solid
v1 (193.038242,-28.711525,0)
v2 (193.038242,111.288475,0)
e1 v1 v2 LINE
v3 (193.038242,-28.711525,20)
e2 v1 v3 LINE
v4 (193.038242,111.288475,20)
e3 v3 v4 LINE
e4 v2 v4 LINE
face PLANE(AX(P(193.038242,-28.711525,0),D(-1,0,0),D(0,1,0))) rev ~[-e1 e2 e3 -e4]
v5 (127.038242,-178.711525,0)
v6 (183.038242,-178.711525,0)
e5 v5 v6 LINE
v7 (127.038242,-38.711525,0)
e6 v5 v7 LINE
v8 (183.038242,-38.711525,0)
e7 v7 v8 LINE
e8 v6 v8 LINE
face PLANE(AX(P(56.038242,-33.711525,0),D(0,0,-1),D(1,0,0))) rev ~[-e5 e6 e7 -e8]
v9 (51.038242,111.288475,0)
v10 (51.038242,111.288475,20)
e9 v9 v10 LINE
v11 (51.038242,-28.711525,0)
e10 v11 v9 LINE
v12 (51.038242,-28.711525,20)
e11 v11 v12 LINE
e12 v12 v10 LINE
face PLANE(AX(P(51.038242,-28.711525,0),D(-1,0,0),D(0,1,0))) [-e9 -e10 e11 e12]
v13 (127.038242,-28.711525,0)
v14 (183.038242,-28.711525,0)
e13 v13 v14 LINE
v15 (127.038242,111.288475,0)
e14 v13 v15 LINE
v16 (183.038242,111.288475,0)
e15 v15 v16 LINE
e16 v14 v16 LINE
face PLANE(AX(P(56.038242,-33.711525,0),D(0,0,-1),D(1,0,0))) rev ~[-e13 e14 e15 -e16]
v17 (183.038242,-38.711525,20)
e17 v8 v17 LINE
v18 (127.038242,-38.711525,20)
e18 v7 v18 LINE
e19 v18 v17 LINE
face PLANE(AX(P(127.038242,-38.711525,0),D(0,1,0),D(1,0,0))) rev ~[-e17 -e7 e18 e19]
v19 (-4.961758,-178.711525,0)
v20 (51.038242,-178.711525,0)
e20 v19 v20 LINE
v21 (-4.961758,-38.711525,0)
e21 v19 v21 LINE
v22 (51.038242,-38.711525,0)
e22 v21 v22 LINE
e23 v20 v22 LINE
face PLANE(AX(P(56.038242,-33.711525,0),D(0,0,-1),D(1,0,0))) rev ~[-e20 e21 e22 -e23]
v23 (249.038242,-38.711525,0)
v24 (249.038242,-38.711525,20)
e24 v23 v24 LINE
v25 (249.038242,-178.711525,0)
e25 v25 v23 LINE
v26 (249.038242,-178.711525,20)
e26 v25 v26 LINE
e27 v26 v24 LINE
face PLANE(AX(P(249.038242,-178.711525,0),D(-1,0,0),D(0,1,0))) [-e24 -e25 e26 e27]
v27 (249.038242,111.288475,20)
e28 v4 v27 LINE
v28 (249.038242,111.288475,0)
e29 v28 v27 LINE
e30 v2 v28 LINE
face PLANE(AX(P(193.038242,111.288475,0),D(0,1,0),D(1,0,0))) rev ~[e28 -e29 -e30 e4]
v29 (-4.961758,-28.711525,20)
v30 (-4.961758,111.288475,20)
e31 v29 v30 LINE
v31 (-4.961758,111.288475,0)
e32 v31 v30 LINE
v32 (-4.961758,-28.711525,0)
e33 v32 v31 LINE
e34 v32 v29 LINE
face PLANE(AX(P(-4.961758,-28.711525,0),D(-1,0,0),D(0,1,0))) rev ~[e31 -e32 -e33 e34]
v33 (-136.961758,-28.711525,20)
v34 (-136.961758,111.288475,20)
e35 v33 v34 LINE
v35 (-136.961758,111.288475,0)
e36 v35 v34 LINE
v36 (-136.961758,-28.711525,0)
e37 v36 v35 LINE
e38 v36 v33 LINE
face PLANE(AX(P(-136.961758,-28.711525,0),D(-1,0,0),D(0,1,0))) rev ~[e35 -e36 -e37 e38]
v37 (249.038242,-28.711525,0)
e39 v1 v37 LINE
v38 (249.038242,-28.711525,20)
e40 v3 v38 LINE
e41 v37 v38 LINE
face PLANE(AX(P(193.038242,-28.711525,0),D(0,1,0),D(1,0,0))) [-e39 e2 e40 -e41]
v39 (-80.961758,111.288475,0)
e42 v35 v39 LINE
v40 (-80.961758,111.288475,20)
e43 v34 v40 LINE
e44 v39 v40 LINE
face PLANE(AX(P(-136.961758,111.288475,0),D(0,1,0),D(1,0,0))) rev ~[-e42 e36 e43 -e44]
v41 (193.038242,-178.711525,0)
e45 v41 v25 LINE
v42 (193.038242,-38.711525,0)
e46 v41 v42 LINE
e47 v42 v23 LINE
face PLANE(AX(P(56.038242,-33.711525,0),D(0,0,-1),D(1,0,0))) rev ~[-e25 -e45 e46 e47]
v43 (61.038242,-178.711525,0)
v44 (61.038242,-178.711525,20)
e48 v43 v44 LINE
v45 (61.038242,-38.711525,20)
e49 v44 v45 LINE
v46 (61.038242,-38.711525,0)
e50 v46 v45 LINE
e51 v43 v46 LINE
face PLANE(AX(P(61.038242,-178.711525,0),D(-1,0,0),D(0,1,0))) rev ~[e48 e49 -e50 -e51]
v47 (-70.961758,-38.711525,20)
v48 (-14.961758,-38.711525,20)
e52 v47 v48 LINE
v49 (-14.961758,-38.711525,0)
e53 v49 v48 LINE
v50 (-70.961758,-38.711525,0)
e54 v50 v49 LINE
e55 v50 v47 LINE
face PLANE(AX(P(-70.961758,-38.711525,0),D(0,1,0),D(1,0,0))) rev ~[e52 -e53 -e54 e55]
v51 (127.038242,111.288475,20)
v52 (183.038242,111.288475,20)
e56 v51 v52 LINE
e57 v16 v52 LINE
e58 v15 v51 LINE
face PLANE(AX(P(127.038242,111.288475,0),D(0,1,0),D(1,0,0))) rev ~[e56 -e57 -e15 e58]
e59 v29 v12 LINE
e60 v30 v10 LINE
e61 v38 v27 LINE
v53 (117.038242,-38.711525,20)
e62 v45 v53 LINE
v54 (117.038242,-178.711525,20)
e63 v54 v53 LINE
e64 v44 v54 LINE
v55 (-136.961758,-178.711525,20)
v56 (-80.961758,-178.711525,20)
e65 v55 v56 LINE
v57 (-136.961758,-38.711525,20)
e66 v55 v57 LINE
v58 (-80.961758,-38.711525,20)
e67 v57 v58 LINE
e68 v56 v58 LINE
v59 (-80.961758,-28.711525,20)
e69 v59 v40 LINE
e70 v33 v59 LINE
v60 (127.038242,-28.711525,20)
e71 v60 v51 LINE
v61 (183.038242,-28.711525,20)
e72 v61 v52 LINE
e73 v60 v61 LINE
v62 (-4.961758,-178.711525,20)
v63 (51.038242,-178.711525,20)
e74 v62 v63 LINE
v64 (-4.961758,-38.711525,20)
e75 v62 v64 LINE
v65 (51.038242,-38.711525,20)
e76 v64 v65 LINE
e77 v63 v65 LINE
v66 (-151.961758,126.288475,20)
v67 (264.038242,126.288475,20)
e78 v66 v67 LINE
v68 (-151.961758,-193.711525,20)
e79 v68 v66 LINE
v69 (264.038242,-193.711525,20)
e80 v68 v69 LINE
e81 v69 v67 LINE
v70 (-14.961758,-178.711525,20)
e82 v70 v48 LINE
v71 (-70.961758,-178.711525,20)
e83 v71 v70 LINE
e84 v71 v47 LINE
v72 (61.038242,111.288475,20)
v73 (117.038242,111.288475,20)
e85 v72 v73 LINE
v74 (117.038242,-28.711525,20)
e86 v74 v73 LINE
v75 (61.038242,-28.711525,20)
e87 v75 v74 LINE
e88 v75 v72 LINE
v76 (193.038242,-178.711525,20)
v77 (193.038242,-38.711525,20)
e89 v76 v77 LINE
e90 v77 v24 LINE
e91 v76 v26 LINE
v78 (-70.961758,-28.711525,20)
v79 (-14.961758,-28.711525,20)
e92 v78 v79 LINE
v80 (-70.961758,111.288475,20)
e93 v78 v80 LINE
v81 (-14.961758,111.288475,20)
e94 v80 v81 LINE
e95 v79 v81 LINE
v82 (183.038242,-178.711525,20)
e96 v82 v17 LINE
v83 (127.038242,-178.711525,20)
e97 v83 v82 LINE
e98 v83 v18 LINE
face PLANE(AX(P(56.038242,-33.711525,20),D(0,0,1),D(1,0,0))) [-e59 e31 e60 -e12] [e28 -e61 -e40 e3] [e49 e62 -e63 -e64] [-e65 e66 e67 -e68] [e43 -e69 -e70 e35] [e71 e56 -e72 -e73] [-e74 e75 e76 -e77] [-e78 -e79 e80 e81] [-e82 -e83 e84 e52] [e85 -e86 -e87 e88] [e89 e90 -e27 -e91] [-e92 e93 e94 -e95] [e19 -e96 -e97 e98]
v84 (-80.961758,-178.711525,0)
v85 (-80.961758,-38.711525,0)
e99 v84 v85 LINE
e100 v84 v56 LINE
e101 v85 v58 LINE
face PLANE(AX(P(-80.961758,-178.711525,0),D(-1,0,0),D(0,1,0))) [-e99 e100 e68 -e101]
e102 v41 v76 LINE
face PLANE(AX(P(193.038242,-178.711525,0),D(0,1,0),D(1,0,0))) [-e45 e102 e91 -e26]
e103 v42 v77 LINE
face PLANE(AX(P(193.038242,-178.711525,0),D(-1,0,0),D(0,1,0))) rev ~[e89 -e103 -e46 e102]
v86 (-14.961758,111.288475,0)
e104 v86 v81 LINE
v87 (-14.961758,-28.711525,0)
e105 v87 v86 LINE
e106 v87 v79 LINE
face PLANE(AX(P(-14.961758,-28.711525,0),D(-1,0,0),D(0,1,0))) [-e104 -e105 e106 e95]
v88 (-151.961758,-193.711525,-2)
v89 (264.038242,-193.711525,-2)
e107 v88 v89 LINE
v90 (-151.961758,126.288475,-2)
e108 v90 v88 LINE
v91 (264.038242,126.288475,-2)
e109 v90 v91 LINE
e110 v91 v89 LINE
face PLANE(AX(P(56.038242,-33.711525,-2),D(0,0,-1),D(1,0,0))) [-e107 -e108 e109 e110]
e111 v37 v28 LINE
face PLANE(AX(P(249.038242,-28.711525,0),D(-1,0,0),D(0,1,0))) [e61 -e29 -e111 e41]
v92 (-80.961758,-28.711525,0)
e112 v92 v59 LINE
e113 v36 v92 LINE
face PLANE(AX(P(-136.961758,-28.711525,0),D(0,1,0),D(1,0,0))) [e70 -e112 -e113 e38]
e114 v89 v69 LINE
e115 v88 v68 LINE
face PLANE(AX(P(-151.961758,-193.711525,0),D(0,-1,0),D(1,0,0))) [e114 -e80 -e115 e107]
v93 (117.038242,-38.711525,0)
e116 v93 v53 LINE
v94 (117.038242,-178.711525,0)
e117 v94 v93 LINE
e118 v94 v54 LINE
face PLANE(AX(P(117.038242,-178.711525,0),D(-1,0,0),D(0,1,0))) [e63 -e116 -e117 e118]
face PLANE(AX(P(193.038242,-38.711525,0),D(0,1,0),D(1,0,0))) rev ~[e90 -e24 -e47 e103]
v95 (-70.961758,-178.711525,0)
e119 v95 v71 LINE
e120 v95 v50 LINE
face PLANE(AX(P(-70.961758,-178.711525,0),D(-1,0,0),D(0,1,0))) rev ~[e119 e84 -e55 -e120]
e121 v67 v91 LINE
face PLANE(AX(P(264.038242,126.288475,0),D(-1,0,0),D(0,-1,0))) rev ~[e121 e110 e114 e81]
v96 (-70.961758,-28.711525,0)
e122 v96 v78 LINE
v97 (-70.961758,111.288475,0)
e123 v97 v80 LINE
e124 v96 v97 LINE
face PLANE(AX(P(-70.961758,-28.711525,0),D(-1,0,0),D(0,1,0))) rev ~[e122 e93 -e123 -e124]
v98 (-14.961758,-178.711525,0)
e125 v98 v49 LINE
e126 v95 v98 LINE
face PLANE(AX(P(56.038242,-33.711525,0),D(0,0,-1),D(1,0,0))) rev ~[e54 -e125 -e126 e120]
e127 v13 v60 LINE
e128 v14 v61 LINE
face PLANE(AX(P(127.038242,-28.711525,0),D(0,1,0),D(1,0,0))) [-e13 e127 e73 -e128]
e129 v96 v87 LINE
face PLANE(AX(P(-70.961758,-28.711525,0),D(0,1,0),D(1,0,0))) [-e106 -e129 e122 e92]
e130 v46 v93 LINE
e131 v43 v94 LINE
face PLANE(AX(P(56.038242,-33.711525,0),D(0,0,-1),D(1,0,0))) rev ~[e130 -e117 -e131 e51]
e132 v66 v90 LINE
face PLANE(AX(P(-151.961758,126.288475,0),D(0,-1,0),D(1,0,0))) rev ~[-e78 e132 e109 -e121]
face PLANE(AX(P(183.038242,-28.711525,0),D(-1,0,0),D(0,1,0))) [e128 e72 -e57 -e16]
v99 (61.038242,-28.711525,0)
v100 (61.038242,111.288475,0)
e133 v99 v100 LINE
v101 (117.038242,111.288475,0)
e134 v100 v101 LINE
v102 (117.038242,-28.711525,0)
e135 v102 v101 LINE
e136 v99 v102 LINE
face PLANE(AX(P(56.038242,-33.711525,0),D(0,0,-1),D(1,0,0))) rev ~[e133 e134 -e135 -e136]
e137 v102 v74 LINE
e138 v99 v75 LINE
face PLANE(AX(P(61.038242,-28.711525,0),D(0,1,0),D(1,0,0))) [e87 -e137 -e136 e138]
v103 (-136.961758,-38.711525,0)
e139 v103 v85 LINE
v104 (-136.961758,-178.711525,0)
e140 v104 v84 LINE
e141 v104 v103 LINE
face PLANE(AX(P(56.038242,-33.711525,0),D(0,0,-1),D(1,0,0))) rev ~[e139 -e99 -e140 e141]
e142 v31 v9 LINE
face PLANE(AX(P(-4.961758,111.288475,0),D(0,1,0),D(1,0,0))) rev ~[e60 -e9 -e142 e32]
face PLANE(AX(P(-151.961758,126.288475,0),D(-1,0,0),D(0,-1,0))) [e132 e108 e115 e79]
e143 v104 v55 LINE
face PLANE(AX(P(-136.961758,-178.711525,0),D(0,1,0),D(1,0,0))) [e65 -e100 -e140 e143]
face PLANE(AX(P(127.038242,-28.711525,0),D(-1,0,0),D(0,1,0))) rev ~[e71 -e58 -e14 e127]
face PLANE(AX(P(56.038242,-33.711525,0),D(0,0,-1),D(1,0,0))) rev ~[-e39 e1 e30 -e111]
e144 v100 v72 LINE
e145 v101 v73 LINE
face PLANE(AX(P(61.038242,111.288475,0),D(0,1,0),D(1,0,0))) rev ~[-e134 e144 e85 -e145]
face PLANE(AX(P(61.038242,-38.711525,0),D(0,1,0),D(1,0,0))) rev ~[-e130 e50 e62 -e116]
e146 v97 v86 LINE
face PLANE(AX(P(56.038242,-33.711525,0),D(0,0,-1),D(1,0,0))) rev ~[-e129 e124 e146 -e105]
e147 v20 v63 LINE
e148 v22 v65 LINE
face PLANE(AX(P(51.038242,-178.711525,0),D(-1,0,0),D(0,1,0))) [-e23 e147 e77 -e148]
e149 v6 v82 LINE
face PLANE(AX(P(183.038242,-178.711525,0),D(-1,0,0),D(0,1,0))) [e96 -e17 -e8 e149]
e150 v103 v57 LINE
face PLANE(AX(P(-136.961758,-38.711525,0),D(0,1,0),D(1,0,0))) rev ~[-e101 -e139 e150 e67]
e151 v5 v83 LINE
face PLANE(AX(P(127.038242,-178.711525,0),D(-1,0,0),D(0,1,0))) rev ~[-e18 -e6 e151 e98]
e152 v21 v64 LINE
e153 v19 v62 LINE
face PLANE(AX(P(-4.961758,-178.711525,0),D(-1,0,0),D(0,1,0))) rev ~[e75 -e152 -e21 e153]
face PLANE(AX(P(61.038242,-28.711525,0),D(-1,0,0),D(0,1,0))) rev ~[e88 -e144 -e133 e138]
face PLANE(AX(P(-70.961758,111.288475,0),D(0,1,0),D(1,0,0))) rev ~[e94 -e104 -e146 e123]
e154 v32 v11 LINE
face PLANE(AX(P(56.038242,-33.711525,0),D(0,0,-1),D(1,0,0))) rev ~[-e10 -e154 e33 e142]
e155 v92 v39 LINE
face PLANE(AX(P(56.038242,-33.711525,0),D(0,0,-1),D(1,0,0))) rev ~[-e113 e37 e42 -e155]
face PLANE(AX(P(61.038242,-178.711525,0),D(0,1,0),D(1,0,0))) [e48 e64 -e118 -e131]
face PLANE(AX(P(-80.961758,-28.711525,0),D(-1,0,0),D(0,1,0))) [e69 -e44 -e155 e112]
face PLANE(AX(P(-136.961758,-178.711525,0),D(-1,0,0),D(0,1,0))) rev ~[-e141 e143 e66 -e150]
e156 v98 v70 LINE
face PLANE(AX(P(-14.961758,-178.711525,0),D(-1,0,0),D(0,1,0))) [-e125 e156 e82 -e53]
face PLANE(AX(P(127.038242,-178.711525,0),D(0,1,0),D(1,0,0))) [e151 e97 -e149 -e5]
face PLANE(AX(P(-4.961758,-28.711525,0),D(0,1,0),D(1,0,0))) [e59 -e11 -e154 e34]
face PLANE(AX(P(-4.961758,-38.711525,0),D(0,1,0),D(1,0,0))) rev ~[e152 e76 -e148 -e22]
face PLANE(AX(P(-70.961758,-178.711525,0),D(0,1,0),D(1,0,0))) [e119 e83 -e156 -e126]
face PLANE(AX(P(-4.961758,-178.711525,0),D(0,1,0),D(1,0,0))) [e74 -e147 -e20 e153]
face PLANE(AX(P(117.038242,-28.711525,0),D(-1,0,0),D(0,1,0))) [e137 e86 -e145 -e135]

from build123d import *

# Parameters (mm, degrees)
F0_W     = 416
F0_H     = 320
F0_W_2   = 56
F0_H_2   = 140
F1_DEPTH = 20
F2_W     = 416
F2_H     = 320
F3_DEPTH = 2


with BuildPart() as f1:
    # F0 (on Top) → F1 (new body)
    with BuildSketch(Plane.XY):
        with Locations((56.038242, -33.711525)):
            Rectangle(F0_W, F0_H)
        with Locations((-108.961758, -108.711525)):
            Rectangle(F0_W_2, F0_H_2, mode=Mode.SUBTRACT)
        with Locations((-42.961758, -108.711525)):
            Rectangle(F0_W_2, F0_H_2, mode=Mode.SUBTRACT)
        with Locations((23.038242, -108.711525)):
            Rectangle(F0_W_2, F0_H_2, mode=Mode.SUBTRACT)
        with Locations((89.038242, -108.711525)):
            Rectangle(F0_W_2, F0_H_2, mode=Mode.SUBTRACT)
        with Locations((155.038242, -108.711525)):
            Rectangle(F0_W_2, F0_H_2, mode=Mode.SUBTRACT)
        with Locations((221.038242, -108.711525)):
            Rectangle(F0_W_2, F0_H_2, mode=Mode.SUBTRACT)
        with Locations((-108.961758, 41.288475)):
            Rectangle(F0_W_2, F0_H_2, mode=Mode.SUBTRACT)
        with Locations((-42.961758, 41.288475)):
            Rectangle(F0_W_2, F0_H_2, mode=Mode.SUBTRACT)
        with Locations((23.038242, 41.288475)):
            Rectangle(F0_W_2, F0_H_2, mode=Mode.SUBTRACT)
        with Locations((89.038242, 41.288475)):
            Rectangle(F0_W_2, F0_H_2, mode=Mode.SUBTRACT)
        with Locations((155.038242, 41.288475)):
            Rectangle(F0_W_2, F0_H_2, mode=Mode.SUBTRACT)
        with Locations((221.038242, 41.288475)):
            Rectangle(F0_W_2, F0_H_2, mode=Mode.SUBTRACT)
    extrude(amount=F1_DEPTH)

    # F2 (on face) → F3 (join)
    with BuildSketch(Plane(origin=(0, 0, 0), x_dir=(1, 0, 0), z_dir=(0, 0, -1))):
        with Locations((56.038242, 33.711525)):
            Rectangle(F2_W, F2_H)
    extrude(amount=F3_DEPTH)


solid = f1.part
